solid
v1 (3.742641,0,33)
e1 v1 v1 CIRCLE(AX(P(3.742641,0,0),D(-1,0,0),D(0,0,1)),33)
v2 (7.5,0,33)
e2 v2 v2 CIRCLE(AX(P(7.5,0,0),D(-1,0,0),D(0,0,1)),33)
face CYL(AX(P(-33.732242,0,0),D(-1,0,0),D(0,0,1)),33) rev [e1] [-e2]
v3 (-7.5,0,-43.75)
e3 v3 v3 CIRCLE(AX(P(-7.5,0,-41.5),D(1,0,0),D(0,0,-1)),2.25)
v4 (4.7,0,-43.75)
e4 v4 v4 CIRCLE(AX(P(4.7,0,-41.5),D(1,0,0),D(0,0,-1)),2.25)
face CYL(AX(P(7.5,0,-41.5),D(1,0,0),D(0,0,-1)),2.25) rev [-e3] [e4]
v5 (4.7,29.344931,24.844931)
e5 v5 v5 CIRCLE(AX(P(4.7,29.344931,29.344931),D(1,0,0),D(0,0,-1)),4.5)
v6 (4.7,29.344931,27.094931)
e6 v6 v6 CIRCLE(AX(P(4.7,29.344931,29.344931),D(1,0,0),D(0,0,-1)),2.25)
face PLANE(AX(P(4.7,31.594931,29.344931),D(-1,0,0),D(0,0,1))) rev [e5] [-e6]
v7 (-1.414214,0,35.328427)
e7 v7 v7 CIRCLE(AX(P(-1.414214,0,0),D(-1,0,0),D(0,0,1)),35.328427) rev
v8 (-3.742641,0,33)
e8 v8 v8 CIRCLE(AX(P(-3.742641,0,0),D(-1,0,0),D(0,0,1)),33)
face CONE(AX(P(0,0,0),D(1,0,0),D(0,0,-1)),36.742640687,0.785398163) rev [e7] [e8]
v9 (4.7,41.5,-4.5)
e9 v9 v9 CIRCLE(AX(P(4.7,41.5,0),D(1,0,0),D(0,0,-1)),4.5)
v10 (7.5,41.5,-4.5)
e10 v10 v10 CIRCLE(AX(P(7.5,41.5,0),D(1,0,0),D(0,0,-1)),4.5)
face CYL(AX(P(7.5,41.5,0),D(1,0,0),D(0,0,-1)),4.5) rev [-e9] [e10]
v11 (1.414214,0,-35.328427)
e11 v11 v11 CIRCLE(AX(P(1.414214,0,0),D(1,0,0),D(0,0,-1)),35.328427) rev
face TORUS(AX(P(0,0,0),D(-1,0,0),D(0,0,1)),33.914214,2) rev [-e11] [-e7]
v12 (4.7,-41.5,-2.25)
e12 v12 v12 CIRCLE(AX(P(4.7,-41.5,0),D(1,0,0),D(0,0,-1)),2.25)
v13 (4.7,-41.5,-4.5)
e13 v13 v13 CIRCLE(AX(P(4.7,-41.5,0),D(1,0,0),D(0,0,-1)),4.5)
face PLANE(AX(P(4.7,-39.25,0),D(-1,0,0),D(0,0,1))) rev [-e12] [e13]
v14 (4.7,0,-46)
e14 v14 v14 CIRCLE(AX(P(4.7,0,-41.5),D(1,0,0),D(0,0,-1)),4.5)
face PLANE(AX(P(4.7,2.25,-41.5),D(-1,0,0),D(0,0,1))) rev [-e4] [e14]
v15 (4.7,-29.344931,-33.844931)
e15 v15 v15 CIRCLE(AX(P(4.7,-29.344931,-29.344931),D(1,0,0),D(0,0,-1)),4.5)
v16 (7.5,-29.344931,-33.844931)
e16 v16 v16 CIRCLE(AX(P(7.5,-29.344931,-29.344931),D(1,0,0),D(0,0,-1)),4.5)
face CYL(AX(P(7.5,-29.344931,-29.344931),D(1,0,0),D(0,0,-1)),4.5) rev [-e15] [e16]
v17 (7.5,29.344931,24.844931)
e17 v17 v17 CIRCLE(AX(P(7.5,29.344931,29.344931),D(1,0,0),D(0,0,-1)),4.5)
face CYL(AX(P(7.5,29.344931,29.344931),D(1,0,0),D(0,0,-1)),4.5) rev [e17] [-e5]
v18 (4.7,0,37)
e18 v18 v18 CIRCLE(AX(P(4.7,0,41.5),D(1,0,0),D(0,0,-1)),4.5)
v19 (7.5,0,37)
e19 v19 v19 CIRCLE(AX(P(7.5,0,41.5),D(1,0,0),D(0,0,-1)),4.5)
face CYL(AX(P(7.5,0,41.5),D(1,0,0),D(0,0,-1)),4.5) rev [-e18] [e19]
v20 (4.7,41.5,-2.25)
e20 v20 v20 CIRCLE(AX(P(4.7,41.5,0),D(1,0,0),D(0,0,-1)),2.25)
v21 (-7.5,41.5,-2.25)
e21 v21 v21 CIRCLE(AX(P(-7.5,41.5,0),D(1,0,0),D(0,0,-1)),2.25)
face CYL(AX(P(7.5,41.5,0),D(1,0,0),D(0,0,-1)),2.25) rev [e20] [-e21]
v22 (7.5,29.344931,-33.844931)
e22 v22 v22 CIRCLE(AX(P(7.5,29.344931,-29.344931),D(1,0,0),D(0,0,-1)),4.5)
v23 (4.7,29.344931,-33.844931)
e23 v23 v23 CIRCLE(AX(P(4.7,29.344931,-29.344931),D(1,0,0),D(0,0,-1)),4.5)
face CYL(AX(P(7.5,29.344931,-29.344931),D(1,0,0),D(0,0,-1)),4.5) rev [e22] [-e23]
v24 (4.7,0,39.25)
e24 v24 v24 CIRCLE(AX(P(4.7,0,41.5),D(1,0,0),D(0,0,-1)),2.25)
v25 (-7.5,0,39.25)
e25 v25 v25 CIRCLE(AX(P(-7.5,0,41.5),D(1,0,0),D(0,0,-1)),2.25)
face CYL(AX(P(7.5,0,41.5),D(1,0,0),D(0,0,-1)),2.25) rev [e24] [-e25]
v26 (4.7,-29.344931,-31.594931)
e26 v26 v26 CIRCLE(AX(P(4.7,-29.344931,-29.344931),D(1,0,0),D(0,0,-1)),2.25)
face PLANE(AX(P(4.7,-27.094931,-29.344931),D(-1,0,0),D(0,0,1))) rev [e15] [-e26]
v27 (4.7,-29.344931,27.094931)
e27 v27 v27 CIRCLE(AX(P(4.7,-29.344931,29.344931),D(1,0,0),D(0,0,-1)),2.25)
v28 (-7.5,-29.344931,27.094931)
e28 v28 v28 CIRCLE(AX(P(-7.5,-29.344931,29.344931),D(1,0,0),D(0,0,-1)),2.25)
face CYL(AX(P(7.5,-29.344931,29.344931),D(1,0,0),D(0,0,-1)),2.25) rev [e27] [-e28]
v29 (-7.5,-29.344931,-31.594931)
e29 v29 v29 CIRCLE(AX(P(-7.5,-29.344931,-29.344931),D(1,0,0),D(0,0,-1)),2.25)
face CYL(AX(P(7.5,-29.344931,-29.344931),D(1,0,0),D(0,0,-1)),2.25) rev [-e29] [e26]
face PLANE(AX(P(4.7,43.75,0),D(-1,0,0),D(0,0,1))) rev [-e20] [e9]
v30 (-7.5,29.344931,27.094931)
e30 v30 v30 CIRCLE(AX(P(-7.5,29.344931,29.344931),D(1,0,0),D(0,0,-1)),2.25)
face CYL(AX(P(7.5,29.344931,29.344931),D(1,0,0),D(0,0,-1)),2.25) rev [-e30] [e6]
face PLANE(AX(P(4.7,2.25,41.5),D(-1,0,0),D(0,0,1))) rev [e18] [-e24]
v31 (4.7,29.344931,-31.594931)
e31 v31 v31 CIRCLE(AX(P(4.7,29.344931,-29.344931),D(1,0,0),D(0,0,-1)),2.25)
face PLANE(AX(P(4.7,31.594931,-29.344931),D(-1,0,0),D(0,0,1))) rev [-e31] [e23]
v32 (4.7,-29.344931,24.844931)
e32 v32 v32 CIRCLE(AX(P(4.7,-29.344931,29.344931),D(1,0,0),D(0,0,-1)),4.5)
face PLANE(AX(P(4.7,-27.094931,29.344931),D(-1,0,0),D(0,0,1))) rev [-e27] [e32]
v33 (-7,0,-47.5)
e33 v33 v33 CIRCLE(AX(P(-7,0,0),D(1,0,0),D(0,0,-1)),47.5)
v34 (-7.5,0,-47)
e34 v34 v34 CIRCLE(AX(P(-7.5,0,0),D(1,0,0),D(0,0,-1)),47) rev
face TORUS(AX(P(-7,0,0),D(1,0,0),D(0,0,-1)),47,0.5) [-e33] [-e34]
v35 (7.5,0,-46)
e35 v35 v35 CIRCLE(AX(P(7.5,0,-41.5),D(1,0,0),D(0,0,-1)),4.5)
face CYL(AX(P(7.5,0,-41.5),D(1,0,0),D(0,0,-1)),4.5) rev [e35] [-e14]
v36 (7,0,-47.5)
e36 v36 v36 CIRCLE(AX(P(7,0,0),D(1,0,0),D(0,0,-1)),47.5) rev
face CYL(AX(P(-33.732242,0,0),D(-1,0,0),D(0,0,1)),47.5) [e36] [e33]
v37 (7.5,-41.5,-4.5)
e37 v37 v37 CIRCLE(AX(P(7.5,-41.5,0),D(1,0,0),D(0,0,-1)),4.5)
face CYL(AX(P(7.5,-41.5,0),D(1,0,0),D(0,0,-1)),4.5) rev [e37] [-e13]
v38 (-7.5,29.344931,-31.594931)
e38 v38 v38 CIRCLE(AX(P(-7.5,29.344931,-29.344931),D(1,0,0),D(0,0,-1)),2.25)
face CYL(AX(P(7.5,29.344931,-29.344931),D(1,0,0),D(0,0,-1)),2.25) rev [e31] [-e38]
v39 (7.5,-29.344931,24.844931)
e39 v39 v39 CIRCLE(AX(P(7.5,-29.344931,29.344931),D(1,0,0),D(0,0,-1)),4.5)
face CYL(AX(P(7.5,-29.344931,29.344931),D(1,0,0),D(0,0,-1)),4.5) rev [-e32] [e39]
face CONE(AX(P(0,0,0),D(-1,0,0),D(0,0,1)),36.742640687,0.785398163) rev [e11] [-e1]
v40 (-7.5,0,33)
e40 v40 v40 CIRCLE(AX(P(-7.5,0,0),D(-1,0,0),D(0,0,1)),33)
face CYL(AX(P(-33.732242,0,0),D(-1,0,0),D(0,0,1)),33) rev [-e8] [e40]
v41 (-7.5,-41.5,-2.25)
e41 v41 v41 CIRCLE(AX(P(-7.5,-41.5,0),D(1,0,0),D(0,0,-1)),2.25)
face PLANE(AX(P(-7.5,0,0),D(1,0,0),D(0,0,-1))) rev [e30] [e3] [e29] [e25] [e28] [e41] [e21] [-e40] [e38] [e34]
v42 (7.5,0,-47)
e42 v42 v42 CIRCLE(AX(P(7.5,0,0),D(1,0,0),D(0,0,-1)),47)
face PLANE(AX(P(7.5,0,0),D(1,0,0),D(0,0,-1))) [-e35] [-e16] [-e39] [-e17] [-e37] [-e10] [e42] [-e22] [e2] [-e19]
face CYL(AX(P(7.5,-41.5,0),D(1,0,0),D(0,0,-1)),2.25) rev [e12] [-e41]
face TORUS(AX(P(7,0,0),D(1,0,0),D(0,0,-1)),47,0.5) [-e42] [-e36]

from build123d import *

# Parameters (mm, degrees)
FILLET1_R                                    = 2
FILLET2_R                                    = 0.5
CBORE_FOR_M4_HEX_HEAD_CAP_SCREW1_D           = 4.5
CBORE_FOR_M4_HEX_HEAD_CAP_SCREW1_CBORE_D     = 9
CBORE_FOR_M4_HEX_HEAD_CAP_SCREW1_CBORE_DEPTH = 2.8
CIRPATTERN1_COUNT                            = 8


with BuildPart() as part:
    # Sketch1 → Revolve1 (revolve)
    with BuildSketch(Plane.XY, mode=Mode.PRIVATE) as revolve1_sk:
        Polygon((-3.742640687, 33), (0, 36.742640687), (3.742640687, 33), (7.5, 33), (7.5, 47.5), (-7.5, 47.5), (-7.5, 33), align=None)
    revolve(revolve1_sk.sketch.rotate(Axis((-33.732241936, 0, 0), (1, 0, 0)), 90), axis=Axis((-33.732241936, 0, 0), (1, 0, 0)))

    # Fillet1
    fillet1_edges = [part.edges().sort_by_distance(p)[0] for p in [
        (0, 0, -36.742640687),
    ]]
    fillet(fillet1_edges, radius=FILLET1_R)

    # Fillet2
    fillet2_edges = [part.edges().sort_by_distance(p)[0] for p in [
        (-7.5, 0, -47.5),
        (7.5, 0, -47.5),
    ]]
    fillet(fillet2_edges, radius=FILLET2_R)

    # CBORE for M4 Hex Head Cap Screw1 (through all)
    with Locations(Plane(origin=(7.5, 41.5, 0), x_dir=(0, 0, 1), z_dir=(1, 0, 0))):
        with Locations((0, 0)):
            cbore_for_m4_hex_head_cap_screw1 = CounterBoreHole(CBORE_FOR_M4_HEX_HEAD_CAP_SCREW1_D / 2, CBORE_FOR_M4_HEX_HEAD_CAP_SCREW1_CBORE_D / 2, CBORE_FOR_M4_HEX_HEAD_CAP_SCREW1_CBORE_DEPTH)

    # CirPattern1: CBORE for M4 Hex Head Cap Screw1 ×8 about axis
    cirpattern1_axis = Axis((0, 0, 0), (1, 0, 0))
    for i in range(1, CIRPATTERN1_COUNT):
        add(cbore_for_m4_hex_head_cap_screw1.rotate(cirpattern1_axis, i * 360 / CIRPATTERN1_COUNT), mode=Mode.SUBTRACT)


solid = part.part
